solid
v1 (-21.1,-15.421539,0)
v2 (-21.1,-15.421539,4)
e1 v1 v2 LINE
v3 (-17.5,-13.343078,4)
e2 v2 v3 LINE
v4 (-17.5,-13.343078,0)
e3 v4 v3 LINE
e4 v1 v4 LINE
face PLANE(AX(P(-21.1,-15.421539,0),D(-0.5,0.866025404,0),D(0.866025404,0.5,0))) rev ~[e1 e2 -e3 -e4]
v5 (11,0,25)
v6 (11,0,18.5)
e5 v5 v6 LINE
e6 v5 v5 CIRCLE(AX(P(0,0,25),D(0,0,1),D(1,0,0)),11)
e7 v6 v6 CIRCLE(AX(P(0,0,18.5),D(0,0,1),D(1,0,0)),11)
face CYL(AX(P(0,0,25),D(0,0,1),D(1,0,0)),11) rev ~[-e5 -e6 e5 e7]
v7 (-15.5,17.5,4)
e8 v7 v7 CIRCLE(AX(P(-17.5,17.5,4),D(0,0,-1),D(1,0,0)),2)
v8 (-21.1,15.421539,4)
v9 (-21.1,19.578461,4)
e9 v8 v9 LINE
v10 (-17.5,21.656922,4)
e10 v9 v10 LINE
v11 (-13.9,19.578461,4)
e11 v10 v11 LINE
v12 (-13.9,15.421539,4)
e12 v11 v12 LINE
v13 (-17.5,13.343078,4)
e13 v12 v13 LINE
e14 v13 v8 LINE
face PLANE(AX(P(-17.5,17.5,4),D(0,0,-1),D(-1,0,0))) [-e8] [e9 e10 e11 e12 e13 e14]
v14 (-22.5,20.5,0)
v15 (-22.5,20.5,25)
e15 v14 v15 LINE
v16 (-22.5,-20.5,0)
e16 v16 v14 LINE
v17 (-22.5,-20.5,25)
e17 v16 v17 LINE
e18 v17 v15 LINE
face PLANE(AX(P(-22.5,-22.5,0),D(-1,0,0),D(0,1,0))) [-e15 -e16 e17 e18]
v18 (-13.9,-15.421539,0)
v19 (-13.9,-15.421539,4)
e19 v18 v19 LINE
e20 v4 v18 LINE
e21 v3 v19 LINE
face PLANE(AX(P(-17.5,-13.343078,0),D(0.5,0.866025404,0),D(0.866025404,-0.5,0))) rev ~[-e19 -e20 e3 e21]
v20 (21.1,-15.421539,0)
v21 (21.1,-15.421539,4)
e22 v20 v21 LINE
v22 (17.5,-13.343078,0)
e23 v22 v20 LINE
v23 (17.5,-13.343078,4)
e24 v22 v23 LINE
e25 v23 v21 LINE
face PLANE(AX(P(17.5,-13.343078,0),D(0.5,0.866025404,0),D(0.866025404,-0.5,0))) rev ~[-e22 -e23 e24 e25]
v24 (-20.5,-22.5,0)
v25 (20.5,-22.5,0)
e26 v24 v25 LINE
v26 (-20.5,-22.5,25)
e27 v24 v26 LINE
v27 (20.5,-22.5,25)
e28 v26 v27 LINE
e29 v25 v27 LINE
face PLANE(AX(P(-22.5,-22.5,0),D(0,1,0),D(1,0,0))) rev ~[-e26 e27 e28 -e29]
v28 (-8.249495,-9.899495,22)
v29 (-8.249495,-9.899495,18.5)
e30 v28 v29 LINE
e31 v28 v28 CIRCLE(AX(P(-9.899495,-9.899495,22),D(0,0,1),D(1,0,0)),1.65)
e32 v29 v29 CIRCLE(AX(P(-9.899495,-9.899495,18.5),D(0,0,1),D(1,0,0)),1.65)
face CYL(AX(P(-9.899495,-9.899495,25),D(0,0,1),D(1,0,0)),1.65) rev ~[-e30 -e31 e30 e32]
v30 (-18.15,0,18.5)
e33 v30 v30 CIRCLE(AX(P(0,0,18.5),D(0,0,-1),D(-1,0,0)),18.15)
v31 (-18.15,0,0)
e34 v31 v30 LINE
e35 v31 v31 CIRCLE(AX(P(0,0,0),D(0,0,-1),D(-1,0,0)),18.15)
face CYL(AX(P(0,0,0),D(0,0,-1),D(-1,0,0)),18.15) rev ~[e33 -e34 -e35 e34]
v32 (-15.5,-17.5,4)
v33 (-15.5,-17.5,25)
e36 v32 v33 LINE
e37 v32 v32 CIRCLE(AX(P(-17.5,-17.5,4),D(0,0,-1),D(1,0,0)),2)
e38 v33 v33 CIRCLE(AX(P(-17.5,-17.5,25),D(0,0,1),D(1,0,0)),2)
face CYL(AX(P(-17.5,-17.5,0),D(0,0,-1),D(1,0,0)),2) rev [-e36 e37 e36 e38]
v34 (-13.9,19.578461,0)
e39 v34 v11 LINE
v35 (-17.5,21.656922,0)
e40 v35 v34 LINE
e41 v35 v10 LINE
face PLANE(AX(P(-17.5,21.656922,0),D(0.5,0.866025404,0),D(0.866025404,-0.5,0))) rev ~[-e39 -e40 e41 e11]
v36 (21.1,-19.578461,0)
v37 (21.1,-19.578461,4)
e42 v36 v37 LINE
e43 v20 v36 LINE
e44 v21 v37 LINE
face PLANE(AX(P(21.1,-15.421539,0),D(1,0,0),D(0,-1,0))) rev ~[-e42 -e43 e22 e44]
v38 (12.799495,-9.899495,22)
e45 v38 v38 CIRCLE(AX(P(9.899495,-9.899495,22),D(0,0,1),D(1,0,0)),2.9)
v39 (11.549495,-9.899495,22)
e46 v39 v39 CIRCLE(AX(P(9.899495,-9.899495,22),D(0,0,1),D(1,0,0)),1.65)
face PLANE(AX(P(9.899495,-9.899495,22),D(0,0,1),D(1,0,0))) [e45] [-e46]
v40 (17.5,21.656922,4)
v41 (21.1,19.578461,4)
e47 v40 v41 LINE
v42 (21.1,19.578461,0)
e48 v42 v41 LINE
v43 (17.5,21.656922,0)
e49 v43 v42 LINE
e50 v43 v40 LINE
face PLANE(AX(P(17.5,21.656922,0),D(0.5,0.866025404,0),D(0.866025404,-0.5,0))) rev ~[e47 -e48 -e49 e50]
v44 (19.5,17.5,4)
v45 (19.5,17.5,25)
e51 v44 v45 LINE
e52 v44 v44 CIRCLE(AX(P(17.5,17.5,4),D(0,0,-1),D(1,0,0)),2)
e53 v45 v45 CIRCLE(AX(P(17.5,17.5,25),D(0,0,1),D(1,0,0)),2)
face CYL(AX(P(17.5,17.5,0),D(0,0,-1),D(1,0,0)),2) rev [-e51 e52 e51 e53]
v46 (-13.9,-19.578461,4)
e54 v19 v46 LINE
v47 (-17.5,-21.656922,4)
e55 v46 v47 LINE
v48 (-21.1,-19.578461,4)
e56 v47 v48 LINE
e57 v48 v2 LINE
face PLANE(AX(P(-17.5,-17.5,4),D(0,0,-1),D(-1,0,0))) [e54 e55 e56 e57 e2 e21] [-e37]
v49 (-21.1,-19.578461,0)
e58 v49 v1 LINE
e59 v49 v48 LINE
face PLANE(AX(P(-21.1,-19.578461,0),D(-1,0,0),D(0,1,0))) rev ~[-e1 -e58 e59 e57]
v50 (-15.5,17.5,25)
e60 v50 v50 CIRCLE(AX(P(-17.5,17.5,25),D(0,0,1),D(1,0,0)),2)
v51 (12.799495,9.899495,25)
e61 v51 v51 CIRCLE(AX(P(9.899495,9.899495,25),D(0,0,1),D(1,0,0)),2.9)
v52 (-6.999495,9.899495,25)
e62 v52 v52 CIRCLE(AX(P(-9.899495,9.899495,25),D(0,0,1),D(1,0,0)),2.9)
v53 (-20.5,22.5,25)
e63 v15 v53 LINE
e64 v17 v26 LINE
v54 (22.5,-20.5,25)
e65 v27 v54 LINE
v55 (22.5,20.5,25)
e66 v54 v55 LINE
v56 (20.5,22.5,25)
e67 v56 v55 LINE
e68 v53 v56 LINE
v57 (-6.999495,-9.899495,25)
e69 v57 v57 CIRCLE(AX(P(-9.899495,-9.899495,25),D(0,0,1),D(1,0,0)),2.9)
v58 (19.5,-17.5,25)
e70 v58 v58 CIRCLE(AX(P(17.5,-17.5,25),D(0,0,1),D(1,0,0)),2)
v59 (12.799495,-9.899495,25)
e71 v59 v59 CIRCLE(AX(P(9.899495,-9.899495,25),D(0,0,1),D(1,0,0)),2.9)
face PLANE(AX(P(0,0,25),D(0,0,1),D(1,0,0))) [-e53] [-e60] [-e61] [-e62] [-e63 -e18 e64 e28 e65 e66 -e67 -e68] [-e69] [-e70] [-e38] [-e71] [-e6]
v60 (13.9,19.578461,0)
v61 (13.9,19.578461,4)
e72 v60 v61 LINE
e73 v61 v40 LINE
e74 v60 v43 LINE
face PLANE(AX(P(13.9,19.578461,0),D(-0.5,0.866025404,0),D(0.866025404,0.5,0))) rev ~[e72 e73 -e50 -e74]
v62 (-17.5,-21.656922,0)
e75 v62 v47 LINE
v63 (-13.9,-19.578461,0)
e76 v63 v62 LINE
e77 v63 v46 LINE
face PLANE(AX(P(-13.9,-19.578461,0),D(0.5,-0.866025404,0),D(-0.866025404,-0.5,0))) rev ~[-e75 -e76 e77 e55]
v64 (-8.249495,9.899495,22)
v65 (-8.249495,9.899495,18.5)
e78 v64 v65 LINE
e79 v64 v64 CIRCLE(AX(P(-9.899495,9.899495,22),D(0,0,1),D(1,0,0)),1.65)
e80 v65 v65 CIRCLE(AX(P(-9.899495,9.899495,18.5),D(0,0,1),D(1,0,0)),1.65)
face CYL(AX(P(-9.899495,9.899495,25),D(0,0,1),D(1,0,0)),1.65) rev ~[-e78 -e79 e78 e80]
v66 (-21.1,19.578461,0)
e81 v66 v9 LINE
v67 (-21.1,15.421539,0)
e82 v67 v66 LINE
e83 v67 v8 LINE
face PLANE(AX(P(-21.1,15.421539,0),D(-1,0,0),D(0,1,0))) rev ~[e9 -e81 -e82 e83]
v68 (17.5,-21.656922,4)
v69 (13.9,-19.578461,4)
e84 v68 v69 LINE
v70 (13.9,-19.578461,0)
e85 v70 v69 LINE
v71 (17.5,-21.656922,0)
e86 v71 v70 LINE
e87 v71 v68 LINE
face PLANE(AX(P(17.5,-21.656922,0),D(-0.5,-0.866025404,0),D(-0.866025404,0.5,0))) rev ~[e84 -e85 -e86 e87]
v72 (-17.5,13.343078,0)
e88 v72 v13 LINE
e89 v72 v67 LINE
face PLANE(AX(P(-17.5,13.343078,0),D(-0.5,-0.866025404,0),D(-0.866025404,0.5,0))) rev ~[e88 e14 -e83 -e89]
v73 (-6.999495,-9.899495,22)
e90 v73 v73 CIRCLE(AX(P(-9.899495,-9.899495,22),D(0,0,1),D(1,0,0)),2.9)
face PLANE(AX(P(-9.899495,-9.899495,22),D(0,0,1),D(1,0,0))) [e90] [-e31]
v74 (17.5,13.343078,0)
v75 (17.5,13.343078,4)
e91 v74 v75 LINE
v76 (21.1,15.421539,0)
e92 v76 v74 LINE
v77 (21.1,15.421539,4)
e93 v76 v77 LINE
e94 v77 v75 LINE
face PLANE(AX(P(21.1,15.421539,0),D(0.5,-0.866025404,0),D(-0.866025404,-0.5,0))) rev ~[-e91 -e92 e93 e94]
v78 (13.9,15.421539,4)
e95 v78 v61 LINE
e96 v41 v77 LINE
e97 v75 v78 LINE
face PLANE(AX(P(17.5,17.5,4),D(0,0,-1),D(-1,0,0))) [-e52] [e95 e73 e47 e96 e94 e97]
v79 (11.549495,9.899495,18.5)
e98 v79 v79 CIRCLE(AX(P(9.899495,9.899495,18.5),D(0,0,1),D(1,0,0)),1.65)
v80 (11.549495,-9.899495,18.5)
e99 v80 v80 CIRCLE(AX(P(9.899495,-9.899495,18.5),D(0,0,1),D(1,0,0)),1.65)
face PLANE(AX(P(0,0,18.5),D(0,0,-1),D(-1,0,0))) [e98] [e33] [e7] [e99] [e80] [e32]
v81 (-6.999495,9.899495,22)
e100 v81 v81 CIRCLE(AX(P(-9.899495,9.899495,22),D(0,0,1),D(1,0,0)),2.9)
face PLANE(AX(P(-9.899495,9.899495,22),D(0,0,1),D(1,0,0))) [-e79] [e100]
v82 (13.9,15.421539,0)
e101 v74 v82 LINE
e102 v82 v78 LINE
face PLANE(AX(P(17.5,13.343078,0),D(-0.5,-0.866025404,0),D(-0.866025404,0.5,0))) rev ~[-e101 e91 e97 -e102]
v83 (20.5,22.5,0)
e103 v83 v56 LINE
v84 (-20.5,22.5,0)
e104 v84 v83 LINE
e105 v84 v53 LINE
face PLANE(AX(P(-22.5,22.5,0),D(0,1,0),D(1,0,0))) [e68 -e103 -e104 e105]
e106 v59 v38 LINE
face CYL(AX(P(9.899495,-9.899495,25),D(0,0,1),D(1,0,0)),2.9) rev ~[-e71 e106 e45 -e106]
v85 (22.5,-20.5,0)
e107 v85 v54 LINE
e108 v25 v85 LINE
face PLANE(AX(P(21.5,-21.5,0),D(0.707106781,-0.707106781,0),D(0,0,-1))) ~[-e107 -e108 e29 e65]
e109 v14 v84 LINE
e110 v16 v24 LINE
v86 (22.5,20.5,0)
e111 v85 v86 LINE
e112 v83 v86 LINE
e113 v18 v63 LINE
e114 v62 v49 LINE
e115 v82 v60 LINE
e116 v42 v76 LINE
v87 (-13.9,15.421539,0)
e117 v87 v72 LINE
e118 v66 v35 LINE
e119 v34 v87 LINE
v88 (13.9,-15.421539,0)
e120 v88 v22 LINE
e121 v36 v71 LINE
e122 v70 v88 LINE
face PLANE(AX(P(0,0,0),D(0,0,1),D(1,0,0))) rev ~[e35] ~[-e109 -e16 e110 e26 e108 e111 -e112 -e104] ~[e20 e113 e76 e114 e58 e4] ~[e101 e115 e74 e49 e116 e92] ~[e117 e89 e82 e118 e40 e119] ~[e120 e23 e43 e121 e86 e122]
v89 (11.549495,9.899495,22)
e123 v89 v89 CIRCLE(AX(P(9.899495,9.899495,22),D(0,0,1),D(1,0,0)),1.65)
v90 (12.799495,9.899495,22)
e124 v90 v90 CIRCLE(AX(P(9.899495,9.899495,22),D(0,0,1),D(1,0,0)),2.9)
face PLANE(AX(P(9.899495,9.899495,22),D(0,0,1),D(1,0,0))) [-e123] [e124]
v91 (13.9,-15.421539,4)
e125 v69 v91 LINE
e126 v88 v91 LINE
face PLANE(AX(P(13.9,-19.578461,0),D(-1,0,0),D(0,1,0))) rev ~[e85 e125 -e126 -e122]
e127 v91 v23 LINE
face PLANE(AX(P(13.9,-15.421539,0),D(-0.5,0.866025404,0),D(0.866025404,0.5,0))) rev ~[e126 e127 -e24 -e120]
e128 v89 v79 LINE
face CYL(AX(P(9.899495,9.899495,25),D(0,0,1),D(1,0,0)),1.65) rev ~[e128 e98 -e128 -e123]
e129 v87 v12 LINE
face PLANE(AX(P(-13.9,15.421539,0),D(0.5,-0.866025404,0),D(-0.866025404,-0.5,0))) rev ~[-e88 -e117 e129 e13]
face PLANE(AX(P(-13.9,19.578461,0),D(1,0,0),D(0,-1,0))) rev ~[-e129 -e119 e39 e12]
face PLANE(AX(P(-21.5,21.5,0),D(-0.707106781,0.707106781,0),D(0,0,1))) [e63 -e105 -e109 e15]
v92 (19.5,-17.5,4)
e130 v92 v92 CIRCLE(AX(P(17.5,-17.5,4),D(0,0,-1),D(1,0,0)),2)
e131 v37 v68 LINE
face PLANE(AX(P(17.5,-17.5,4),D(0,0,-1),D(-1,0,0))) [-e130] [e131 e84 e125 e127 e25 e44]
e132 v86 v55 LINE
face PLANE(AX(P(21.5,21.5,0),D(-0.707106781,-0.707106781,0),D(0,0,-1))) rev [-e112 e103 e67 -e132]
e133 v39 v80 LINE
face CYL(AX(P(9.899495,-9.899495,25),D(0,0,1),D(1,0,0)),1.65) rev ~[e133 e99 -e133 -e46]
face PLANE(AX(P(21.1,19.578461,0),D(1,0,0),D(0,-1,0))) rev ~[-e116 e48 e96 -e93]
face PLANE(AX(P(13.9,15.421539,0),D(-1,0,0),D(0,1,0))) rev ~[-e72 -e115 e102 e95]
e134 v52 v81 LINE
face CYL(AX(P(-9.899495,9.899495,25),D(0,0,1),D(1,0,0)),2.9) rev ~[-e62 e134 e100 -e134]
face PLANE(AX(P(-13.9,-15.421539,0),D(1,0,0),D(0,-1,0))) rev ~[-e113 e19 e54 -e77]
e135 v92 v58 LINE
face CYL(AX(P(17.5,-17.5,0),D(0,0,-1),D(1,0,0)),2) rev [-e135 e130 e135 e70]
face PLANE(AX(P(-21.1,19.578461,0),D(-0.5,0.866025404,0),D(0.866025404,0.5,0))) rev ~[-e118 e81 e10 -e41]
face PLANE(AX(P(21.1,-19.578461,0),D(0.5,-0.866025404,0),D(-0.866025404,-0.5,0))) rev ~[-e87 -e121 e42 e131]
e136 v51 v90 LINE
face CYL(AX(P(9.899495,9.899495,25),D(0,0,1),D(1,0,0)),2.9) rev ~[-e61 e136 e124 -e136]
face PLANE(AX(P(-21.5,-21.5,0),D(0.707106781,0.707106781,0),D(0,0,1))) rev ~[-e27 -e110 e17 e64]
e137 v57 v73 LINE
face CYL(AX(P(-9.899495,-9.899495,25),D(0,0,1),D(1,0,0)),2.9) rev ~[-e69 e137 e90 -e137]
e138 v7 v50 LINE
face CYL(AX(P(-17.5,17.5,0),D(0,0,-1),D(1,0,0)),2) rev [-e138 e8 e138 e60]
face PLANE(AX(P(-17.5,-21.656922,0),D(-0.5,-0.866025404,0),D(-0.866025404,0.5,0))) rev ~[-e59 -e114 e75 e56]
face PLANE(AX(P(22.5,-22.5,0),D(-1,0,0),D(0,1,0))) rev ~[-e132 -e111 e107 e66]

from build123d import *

# Parameters (mm, degrees)
SKETCH1_W            = 45
SKETCH1_H            = 45
SKETCH1_R            = 2
BOSS_EXTRUDE1_DEPTH  = 25
SKETCH2_R            = 1.65
SKETCH2_R_2          = 11
CUT_EXTRUDE1_DEPTH   = 25
SKETCH3_R            = 2.9
CUT_EXTRUDE2_DEPTH   = 3
CHAMFER1_SIZE        = 2
SKETCH4_R            = 18.15
CUT_EXTRUDE3_DEPTH   = 18.5
SKETCH_4_R           = 2
CUT_EXTRUDE_10_DEPTH = 4


with BuildPart() as part:
    # Sketch1 → Boss-Extrude1 (new body)
    with BuildSketch(Plane.XY):
        Rectangle(SKETCH1_W, SKETCH1_H)
        with Locations((-17.5, 17.5)):
            Circle(SKETCH1_R, mode=Mode.SUBTRACT)
        with Locations((17.5, 17.5)):
            Circle(SKETCH1_R, mode=Mode.SUBTRACT)
        with Locations((17.5, -17.5)):
            Circle(SKETCH1_R, mode=Mode.SUBTRACT)
        with Locations((-17.5, -17.5)):
            Circle(SKETCH1_R, mode=Mode.SUBTRACT)
    extrude(amount=BOSS_EXTRUDE1_DEPTH)

    # Sketch2 → Cut-Extrude1 (cut)
    with BuildSketch(Plane.XY.offset(25)):
        with Locations((9.899494937, 9.899494937)):
            Circle(SKETCH2_R)
        with Locations((9.899494937, -9.899494937)):
            Circle(SKETCH2_R)
        with Locations((-9.899494937, -9.899494937)):
            Circle(SKETCH2_R)
        with Locations((-9.899494937, 9.899494937)):
            Circle(SKETCH2_R)
        Circle(SKETCH2_R_2)
    extrude(amount=-CUT_EXTRUDE1_DEPTH, mode=Mode.SUBTRACT)

    # Sketch3 → Cut-Extrude2 (cut)
    with BuildSketch(Plane.XY.offset(25)):
        with Locations((9.899494937, 9.899494937)):
            Circle(SKETCH3_R)
        with Locations((9.899494937, -9.899494937)):
            Circle(SKETCH3_R)
        with Locations((-9.899494937, -9.899494937)):
            Circle(SKETCH3_R)
        with Locations((-9.899494937, 9.899494937)):
            Circle(SKETCH3_R)
    extrude(amount=-CUT_EXTRUDE2_DEPTH, mode=Mode.SUBTRACT)

    # Chamfer1
    chamfer1_edges = [part.edges().sort_by_distance(p)[0] for p in [
        (22.5, -22.5, 12.5),
        (-22.5, -22.5, 12.5),
        (-22.5, 22.5, 12.5),
        (22.5, 22.5, 12.5),
    ]]
    chamfer(chamfer1_edges, length=CHAMFER1_SIZE)

    # Sketch4 → Cut-Extrude3 (cut)
    with BuildSketch(Plane(origin=(0, 0, 0), x_dir=(-1, 0, 0), z_dir=(0, 0, -1))):
        Circle(SKETCH4_R)
    extrude(amount=-CUT_EXTRUDE3_DEPTH, mode=Mode.SUBTRACT)

    # 草图4 → 切除-拉伸10 (cut)
    with BuildSketch(Plane(origin=(0, 0, 0), x_dir=(-1, 0, 0), z_dir=(0, 0, -1))):
        Polygon((13.9, 19.578460969), (13.9, 15.421539031), (17.5, 13.343078062), (21.1, 15.421539031), (21.1, 19.578460969), (17.5, 21.656921938), align=None)
        with Locations((17.5, 17.5)):
            Circle(SKETCH_4_R, mode=Mode.SUBTRACT)
        Polygon((-21.1, 19.578460969), (-21.1, 15.421539031), (-17.5, 13.343078062), (-13.9, 15.421539031), (-13.9, 19.578460969), (-17.5, 21.656921938), align=None)
        with Locations((-17.5, 17.5)):
            Circle(SKETCH_4_R, mode=Mode.SUBTRACT)
        Polygon((-21.1, -15.421539031), (-21.1, -19.578460969), (-17.5, -21.656921938), (-13.9, -19.578460969), (-13.9, -15.421539031), (-17.5, -13.343078062), align=None)
        with Locations((-17.5, -17.5)):
            Circle(SKETCH_4_R, mode=Mode.SUBTRACT)
        Polygon((13.9, -15.421539031), (13.9, -19.578460969), (17.5, -21.656921938), (21.1, -19.578460969), (21.1, -15.421539031), (17.5, -13.343078062), align=None)
        with Locations((17.5, -17.5)):
            Circle(SKETCH_4_R, mode=Mode.SUBTRACT)
    extrude(amount=-CUT_EXTRUDE_10_DEPTH, mode=Mode.SUBTRACT)


solid = part.part
